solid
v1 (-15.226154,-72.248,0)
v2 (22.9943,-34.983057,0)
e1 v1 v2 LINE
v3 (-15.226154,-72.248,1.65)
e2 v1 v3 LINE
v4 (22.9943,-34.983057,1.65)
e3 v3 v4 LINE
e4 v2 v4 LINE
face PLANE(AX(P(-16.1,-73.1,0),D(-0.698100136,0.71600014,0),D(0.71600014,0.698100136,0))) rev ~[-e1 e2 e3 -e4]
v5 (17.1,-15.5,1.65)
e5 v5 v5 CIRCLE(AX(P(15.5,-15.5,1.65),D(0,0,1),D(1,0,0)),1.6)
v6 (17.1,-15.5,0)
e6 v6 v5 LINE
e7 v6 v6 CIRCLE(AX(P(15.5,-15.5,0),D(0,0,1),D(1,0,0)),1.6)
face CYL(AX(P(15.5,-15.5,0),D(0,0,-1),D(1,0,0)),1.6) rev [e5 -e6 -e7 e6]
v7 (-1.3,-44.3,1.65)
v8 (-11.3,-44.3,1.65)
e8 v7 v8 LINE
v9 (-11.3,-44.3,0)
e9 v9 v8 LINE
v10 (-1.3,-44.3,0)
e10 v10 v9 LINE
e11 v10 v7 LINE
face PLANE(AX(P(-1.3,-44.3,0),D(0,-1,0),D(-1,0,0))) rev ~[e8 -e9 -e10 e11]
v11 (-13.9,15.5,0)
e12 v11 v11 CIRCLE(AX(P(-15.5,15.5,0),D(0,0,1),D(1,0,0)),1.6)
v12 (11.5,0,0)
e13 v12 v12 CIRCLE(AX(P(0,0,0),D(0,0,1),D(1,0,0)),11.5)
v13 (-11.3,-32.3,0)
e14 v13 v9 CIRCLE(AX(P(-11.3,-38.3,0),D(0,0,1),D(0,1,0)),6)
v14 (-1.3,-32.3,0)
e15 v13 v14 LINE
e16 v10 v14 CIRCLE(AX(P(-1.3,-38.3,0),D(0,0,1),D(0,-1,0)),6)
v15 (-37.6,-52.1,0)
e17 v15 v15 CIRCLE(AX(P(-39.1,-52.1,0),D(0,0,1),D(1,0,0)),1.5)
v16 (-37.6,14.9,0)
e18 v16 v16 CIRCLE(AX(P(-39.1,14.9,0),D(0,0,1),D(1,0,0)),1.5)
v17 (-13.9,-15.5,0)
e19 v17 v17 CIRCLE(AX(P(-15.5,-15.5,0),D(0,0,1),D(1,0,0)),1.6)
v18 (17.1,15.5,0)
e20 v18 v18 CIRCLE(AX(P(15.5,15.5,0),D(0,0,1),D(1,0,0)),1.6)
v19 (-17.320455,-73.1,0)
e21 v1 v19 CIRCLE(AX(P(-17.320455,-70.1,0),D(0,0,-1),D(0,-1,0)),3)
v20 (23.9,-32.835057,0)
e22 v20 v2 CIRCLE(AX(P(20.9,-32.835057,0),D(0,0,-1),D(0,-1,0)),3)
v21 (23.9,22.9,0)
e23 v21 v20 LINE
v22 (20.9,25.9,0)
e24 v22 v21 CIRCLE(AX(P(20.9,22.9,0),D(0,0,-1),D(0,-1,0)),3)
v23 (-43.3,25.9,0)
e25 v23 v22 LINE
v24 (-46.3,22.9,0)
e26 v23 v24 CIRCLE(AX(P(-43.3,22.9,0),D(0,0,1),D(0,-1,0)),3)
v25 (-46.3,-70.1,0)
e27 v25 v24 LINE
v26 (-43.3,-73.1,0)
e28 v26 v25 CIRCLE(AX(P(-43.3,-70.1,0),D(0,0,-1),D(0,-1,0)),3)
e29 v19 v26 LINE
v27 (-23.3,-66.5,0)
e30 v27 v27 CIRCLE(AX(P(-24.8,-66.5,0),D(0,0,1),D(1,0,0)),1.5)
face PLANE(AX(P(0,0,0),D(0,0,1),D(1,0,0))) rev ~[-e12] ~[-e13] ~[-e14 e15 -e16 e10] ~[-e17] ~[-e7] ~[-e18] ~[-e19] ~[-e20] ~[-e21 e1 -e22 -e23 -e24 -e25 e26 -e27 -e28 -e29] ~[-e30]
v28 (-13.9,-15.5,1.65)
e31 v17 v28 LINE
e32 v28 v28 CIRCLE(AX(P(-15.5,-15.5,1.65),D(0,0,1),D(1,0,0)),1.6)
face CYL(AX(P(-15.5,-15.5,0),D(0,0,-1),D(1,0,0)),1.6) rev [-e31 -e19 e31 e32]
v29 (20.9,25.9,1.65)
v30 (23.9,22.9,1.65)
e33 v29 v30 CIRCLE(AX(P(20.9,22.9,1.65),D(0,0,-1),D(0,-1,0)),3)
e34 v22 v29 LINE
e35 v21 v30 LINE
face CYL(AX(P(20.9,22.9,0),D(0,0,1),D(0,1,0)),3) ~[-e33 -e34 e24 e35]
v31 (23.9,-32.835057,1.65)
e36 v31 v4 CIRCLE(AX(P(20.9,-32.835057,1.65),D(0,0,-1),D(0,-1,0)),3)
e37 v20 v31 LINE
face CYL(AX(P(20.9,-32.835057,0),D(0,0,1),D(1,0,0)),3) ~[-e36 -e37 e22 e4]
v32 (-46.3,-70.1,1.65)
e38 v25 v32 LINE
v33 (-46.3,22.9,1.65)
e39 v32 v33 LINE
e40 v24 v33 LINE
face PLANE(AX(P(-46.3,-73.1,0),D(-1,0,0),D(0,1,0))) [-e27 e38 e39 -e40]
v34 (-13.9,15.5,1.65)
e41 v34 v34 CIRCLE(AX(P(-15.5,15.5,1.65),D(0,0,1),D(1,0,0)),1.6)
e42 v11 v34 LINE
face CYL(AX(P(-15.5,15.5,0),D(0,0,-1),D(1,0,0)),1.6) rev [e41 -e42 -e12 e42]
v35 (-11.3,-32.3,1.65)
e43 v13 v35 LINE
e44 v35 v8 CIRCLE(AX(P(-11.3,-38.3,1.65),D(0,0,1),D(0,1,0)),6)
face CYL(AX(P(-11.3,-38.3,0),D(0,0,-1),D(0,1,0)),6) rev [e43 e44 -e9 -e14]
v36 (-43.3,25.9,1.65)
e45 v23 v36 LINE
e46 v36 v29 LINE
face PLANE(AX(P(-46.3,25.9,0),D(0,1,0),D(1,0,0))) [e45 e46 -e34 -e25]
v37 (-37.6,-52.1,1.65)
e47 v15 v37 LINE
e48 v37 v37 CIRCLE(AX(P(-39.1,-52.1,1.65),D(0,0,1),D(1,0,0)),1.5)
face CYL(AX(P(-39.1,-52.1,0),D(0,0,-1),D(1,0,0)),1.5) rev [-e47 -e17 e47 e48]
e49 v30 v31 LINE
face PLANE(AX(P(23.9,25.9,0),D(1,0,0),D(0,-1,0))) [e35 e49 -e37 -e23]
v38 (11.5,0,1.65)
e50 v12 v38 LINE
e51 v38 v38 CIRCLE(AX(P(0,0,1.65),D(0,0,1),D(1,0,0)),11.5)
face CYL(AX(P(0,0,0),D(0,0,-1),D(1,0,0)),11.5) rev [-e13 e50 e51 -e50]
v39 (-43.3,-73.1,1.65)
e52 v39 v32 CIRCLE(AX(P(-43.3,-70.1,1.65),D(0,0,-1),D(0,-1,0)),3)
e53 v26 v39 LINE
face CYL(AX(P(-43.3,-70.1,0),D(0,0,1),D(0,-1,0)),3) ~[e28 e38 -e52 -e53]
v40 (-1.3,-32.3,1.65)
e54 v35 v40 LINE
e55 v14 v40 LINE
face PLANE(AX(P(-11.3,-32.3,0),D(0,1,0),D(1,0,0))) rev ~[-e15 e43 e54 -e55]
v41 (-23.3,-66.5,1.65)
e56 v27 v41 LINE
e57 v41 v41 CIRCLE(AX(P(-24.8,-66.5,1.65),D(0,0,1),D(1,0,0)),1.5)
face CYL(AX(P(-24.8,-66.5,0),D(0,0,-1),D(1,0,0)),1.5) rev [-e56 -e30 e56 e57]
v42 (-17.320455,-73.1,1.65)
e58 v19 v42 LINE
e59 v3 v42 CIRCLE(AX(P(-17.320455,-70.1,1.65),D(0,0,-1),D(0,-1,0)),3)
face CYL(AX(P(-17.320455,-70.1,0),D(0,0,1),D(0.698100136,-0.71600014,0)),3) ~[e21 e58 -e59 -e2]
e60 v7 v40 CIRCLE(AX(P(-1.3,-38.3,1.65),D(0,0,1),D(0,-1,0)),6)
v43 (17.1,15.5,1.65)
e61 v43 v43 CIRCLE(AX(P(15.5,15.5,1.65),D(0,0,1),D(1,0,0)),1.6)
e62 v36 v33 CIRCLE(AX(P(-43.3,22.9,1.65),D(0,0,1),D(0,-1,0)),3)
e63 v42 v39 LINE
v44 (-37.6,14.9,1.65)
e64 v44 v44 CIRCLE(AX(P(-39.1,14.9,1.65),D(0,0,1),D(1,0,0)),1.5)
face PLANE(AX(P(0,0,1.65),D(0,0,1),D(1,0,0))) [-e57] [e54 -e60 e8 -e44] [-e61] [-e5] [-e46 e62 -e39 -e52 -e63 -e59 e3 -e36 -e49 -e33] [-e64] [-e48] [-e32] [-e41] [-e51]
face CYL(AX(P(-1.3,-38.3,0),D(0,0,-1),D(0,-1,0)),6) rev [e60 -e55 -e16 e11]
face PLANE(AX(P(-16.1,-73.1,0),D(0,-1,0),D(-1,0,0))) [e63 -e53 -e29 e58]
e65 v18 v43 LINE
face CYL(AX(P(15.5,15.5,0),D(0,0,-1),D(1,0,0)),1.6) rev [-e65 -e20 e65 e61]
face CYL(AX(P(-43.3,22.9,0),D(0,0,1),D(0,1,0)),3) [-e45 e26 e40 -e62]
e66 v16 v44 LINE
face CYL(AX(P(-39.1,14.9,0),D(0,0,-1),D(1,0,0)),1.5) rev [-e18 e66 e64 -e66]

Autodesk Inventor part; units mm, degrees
ref_plane "YZ Plane" through (0, 0, 0) normal (1, 0, 0) x (0, 1, 0)
ref_plane "XZ Plane" through (0, 0, 0) normal (0, 1, 0) x (-1, 0, 0)
ref_plane "XY Plane" through (0, 0, 0) normal (0, 0, 1) x (1, 0, 0)
sketch "Эскиз1" plane through (0, 0, 0) normal (0, 0, 1) x (1, 0, 0)
  line L0 (15.5, 15.5) -> (-15.5, 15.5) construction
  line L1 (-15.5, 15.5) -> (-15.5, -15.5) construction
  line L2 (-15.5, -15.5) -> (15.5, -15.5) construction
  line L3 (15.5, -15.5) -> (15.5, 15.5) construction
  line L4 (15.5, 15.5) -> (-15.5, -15.5) construction
  line L5 (-15.5, 15.5) -> (15.5, -15.5) construction
  circle A0 centre (-15.5, 15.5) radius 1.6
  circle A1 centre (15.5, 15.5) radius 1.6
  circle A2 centre (15.5, -15.5) radius 1.6
  circle A3 centre (-15.5, -15.5) radius 1.6
  circle A4 centre (0, 0) radius 11.5
  line L6 (-46.3, 25.9) -> (23.9, 25.9)
  line L7 (23.9, 25.9) -> (23.9, -34.1)
  line L8 (-16.1, -73.1) -> (-46.3, -73.1)
  line L9 (-46.3, -73.1) -> (-46.3, 25.9)
  line L10 (-16.1, -73.1) -> (23.9, -34.1)
  line L11 (-11.3, -38.3) -> (-1.3, -38.3) construction
  line L12 (-11.3, -32.3) -> (-1.3, -32.3)
  line L13 (-1.3, -44.3) -> (-11.3, -44.3)
  arc A5 (-11.3, -32.3) -> (-11.3, -44.3) centre (-11.3, -38.3) ccw
  arc A6 (-1.3, -44.3) -> (-1.3, -32.3) centre (-1.3, -38.3) ccw
  circle A7 centre (-39.1, 14.9) radius 1.5
  circle A8 centre (-39.1, -52.1) radius 1.5
  circle A9 centre (-24.8, -66.5) radius 1.5
  point P0 (-6.3, -38.3)
  dimension "d0" = 31
  dimension "d1" = 31
  dimension "d2" = 3.2
  dimension "d3" = 3.2
  dimension "d4" = 3.2
  dimension "d5" = 3.2
  dimension "d6" = 23
  dimension "d7" = 6.8
  dimension "d8" = 8.4
  dimension "d9" = 8.8
  dimension "d10" = 70.2
  dimension "d11" = 60
  dimension "d12" = 99
  dimension "d13" = 40
  dimension "d14" = 22
  dimension "d15" = 12
  dimension "d16" = 20.8
  dimension "d17" = 29
  dimension "d18" = 3
  dimension "d19" = 3
  dimension "d20" = 7.2
  dimension "d21" = 7.2
  dimension "d22" = 67
  dimension "d23" = 21
  dimension "d24" = 58.2
  dimension "d25" = 3
  dimension "d26" = 21.5
  dimension "d27" = 6.6
extrude "Выдавливание1" add sketch "Эскиз1" along normal blind 1.65
fillet "Сопряжение1" radius 3 5 edges at (23.9, 25.9, 0.825) (-46.3, 25.9, 0.825) (23.9, -34.1, 0.825) (-16.1, -73.1, 0.825) (-46.3, -73.1, 0.825)
properties part number "пластина  экструдера"
